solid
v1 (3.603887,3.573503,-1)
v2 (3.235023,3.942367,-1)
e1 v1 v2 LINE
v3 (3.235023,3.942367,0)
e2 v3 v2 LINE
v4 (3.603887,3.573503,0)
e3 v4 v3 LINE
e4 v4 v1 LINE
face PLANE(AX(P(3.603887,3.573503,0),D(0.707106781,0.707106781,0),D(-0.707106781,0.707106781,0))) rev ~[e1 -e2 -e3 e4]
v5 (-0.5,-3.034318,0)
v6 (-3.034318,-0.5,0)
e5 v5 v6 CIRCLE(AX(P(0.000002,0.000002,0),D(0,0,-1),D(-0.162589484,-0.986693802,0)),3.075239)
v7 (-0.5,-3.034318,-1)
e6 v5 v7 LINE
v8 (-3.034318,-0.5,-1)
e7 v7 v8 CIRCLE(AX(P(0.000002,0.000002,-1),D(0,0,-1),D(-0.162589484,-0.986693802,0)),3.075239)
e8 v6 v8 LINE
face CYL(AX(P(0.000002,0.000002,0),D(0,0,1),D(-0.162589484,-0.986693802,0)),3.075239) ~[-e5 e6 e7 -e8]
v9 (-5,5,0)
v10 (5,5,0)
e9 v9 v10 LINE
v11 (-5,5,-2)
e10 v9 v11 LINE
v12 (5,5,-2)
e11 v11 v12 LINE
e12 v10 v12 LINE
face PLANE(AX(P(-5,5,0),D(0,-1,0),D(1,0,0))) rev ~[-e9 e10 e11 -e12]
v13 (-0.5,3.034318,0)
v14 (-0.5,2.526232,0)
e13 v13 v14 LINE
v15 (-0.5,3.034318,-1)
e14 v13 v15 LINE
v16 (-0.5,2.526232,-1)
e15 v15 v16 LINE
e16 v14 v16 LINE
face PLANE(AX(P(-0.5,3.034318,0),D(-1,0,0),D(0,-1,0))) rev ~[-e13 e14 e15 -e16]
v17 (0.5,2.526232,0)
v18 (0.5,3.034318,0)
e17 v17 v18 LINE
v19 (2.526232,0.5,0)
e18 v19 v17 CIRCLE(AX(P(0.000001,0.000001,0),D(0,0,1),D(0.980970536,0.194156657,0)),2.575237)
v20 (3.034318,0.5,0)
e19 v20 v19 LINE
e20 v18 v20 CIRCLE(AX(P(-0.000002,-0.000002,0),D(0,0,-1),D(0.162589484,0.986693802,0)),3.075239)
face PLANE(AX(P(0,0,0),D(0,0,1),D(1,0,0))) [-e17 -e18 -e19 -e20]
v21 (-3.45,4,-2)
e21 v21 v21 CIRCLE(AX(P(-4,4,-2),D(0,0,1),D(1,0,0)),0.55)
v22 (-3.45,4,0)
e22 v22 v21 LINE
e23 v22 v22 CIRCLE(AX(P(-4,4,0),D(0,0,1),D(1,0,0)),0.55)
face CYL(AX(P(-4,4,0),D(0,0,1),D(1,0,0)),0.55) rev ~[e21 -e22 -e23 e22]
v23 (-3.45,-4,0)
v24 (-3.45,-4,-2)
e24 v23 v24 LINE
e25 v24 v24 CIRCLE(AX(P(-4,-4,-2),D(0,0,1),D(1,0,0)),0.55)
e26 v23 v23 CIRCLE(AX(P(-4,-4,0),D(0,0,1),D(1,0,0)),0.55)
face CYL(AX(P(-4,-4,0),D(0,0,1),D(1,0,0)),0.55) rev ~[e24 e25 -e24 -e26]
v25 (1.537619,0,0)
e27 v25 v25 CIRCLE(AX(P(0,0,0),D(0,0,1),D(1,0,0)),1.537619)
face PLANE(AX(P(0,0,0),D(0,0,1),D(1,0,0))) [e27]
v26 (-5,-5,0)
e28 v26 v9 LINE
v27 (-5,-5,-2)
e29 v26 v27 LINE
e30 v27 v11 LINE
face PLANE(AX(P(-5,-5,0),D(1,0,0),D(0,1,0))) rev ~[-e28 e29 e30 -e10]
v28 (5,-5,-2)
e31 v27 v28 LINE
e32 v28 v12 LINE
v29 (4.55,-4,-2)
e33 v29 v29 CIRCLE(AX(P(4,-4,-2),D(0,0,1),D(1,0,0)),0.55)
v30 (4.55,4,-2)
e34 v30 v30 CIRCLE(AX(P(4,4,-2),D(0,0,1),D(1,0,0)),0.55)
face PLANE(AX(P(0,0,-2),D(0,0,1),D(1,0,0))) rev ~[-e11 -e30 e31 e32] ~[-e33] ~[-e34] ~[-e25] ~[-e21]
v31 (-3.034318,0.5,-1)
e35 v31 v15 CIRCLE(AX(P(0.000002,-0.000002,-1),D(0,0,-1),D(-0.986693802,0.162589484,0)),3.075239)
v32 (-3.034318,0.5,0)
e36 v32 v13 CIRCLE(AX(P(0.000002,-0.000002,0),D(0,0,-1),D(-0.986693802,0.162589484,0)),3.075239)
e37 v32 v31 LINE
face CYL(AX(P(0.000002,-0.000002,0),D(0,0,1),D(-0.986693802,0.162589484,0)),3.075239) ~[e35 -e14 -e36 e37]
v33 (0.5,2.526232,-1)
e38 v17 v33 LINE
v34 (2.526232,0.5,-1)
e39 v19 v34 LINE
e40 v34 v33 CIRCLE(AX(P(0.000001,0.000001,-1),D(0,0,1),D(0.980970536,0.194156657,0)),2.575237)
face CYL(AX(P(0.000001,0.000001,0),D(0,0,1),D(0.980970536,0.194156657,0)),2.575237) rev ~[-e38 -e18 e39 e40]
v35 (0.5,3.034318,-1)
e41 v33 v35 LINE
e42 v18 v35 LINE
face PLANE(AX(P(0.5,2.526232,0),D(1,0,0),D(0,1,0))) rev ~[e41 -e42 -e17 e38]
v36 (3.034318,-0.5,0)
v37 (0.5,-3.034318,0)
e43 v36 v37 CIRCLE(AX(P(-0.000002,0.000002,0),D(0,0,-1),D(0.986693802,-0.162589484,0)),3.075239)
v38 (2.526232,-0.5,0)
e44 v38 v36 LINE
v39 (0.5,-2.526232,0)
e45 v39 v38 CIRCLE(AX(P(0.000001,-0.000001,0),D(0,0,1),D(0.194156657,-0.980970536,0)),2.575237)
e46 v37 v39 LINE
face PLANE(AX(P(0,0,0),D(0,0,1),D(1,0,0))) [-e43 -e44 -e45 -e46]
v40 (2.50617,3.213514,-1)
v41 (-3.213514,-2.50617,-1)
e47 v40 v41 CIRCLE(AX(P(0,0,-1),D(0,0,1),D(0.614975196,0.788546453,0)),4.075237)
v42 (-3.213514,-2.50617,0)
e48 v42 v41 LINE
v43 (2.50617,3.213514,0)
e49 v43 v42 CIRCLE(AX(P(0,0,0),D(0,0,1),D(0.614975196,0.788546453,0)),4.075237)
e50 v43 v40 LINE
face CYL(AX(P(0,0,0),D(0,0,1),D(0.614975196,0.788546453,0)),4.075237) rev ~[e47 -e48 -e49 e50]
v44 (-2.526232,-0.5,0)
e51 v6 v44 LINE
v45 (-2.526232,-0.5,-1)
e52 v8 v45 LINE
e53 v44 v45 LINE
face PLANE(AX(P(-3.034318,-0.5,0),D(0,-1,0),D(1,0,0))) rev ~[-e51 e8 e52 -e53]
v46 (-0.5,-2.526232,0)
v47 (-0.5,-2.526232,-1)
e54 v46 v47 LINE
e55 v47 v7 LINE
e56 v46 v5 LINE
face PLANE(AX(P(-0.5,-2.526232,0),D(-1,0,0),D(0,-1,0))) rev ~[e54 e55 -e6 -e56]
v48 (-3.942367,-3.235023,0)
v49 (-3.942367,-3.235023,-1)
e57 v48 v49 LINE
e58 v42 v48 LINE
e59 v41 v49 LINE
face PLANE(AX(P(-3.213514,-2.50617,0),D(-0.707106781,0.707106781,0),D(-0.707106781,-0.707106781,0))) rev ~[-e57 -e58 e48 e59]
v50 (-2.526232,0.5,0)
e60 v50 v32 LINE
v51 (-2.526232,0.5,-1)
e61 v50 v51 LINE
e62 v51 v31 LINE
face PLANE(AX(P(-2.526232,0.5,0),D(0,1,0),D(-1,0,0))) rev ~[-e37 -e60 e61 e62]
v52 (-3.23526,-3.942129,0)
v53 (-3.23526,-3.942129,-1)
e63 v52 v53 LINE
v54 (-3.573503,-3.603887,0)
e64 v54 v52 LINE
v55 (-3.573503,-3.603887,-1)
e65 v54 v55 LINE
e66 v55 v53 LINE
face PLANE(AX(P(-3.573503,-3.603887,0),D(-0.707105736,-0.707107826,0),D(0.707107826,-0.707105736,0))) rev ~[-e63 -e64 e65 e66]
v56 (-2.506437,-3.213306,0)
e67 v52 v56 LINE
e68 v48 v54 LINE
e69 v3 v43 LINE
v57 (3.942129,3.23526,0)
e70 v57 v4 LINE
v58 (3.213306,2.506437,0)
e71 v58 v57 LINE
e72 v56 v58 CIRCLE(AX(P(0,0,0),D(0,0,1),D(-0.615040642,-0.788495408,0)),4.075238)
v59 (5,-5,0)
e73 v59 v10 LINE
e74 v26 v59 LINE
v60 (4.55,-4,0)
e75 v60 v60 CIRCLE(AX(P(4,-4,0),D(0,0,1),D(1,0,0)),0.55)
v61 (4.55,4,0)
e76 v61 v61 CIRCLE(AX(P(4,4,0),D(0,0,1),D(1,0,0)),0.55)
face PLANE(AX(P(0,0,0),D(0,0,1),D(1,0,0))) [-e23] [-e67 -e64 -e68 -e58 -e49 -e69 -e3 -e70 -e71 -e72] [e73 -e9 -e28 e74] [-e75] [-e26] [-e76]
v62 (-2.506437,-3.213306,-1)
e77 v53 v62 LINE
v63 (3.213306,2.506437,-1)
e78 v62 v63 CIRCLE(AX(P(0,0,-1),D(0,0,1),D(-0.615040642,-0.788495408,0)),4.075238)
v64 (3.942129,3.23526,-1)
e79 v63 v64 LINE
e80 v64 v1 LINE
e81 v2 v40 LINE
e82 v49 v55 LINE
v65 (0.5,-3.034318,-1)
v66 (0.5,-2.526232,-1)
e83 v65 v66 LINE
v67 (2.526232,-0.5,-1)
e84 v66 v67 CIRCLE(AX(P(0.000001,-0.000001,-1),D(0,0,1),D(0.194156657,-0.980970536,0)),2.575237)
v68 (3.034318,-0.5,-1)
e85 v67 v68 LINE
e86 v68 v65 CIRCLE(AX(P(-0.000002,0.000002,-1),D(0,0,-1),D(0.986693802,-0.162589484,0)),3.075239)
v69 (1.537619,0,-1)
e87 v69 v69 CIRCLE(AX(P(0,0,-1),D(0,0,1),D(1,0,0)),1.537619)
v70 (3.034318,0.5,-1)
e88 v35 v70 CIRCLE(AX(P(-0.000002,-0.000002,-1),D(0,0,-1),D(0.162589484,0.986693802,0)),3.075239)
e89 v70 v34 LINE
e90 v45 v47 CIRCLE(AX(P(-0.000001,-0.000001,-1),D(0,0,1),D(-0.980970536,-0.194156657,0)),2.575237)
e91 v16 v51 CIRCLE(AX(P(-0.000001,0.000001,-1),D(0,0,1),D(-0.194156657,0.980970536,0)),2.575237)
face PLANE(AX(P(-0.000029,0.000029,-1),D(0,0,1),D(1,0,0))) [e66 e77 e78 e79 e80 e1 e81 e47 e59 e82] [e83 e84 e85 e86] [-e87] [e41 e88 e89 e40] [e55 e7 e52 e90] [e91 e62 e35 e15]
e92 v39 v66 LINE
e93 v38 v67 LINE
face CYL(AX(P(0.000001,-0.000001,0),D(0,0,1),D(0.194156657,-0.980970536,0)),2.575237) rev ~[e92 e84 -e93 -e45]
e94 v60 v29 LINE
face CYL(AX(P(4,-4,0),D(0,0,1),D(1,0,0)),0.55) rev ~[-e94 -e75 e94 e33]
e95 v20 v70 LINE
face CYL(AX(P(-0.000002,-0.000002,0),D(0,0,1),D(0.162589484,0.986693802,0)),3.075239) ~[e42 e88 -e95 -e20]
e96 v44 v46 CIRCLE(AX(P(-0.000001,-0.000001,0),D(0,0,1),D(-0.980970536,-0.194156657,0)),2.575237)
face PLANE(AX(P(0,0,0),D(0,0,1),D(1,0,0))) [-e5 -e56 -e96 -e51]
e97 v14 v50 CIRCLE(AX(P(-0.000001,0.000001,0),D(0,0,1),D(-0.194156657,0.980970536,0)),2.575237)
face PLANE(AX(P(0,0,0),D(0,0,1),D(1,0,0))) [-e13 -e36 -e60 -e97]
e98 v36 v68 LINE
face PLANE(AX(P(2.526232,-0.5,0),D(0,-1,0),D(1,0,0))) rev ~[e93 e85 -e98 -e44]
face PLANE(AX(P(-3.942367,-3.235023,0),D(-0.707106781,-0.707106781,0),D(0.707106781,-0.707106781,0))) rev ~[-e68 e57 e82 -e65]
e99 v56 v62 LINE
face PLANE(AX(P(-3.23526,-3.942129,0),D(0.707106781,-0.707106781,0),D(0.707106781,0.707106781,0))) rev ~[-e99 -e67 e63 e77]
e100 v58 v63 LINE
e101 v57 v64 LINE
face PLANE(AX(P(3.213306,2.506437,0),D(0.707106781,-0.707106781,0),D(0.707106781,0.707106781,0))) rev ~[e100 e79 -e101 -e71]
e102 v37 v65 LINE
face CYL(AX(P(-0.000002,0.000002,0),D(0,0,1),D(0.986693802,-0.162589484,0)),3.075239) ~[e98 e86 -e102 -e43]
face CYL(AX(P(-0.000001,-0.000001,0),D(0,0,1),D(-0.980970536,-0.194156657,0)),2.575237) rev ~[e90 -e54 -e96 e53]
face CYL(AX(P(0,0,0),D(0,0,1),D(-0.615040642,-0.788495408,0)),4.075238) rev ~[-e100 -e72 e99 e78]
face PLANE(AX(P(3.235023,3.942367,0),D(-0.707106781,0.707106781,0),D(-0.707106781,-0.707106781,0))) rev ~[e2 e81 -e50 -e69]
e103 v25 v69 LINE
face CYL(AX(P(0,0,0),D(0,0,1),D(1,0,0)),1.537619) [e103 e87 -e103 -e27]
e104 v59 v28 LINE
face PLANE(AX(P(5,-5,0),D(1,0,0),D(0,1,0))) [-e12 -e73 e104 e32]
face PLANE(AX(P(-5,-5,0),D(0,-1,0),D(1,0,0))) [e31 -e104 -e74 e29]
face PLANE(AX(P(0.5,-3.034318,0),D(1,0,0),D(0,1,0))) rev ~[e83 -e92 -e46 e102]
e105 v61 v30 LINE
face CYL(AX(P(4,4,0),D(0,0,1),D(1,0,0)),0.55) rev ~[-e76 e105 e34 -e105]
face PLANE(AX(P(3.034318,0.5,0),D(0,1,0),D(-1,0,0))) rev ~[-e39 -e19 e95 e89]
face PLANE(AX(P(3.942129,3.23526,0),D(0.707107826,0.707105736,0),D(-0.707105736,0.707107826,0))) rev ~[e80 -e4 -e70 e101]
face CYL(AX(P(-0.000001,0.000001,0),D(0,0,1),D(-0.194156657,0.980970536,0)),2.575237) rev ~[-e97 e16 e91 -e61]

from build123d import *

# Parameters (mm, degrees)
F0_W     = 10
F0_H     = 10
F0_R     = 0.55
F0_R_2   = 1.537619
F1_DEPTH = 2
F2_DEPTH = 1


with BuildPart() as f1:
    # F0 (on Top) → F1 (new body)
    with BuildSketch(Plane.XY):
        Rectangle(F0_W, F0_H)
        with Locations((-4, -4)):
            Circle(F0_R, mode=Mode.SUBTRACT)
        with Locations((4, -4)):
            Circle(F0_R, mode=Mode.SUBTRACT)
        with Locations((-4, 4)):
            Circle(F0_R, mode=Mode.SUBTRACT)
        with BuildLine():
            ThreePointArc((-3.213514, -2.50617), (-2.881628, 2.881628), (2.50617, 3.213514))
            Line((2.50617, 3.213514), (3.235023, 3.942367))
            Line((3.235023, 3.942367), (3.603887, 3.573503))
            Line((3.603887, 3.573503), (3.942129, 3.23526))
            Line((3.942129, 3.23526), (3.213306, 2.506437))
            ThreePointArc((3.213306, 2.506437), (2.881628, -2.881628), (-2.506437, -3.213306))
            Line((-2.506437, -3.213306), (-3.23526, -3.942129))
            Line((-3.23526, -3.942129), (-3.573503, -3.603887))
            Line((-3.573503, -3.603887), (-3.942367, -3.235023))
            Line((-3.942367, -3.235023), (-3.213514, -2.50617))
        make_face(mode=Mode.SUBTRACT)
        with Locations((4, 4)):
            Circle(F0_R, mode=Mode.SUBTRACT)
        with BuildLine():
            Line((3.235023, 3.942367), (2.50617, 3.213514))
            ThreePointArc((2.50617, 3.213514), (-2.881628, 2.881628), (-3.213514, -2.50617))
            Line((-3.213514, -2.50617), (-3.942367, -3.235023))
            Line((-3.942367, -3.235023), (-3.573503, -3.603887))
            Line((-3.573503, -3.603887), (-3.23526, -3.942129))
            Line((-3.23526, -3.942129), (-2.506437, -3.213306))
            ThreePointArc((-2.506437, -3.213306), (2.881628, -2.881628), (3.213306, 2.506437))
            Line((3.213306, 2.506437), (3.942129, 3.23526))
            Line((3.942129, 3.23526), (3.603887, 3.573503))
            Line((3.603887, 3.573503), (3.235023, 3.942367))
        make_face()
        with BuildLine():
            Line((-3.034318, -0.5), (-2.526232, -0.5))
            ThreePointArc((-2.526232, -0.5), (-1.820968, -1.820968), (-0.5, -2.526232))
            Line((-0.5, -2.526232), (-0.5, -3.034318))
            ThreePointArc((-0.5, -3.034318), (-2.174521, -2.174521), (-3.034318, -0.5))
        make_face(mode=Mode.SUBTRACT)
        with BuildLine():
            ThreePointArc((0.5, -2.526232), (1.820968, -1.820968), (2.526232, -0.5))
            Line((2.526232, -0.5), (3.034318, -0.5))
            ThreePointArc((3.034318, -0.5), (2.174521, -2.174521), (0.5, -3.034318))
            Line((0.5, -3.034318), (0.5, -2.526232))
        make_face(mode=Mode.SUBTRACT)
        with BuildLine():
            ThreePointArc((-0.5, 2.526232), (-1.820968, 1.820968), (-2.526232, 0.5))
            Line((-2.526232, 0.5), (-3.034318, 0.5))
            ThreePointArc((-3.034318, 0.5), (-2.174521, 2.174521), (-0.5, 3.034318))
            Line((-0.5, 3.034318), (-0.5, 2.526232))
        make_face(mode=Mode.SUBTRACT)
        Circle(F0_R_2, mode=Mode.SUBTRACT)
        with BuildLine():
            Line((3.034318, 0.5), (2.526232, 0.5))
            ThreePointArc((2.526232, 0.5), (1.820968, 1.820968), (0.5, 2.526232))
            Line((0.5, 2.526232), (0.5, 3.034318))
            ThreePointArc((0.5, 3.034318), (2.174521, 2.174521), (3.034318, 0.5))
        make_face(mode=Mode.SUBTRACT)
        with BuildLine():
            ThreePointArc((-0.5, -2.526232), (-1.820968, -1.820968), (-2.526232, -0.5))
            Line((-2.526232, -0.5), (-3.034318, -0.5))
            ThreePointArc((-3.034318, -0.5), (-2.174521, -2.174521), (-0.5, -3.034318))
            Line((-0.5, -3.034318), (-0.5, -2.526232))
        make_face()
        with BuildLine():
            Line((-3.034318, 0.5), (-2.526232, 0.5))
            ThreePointArc((-2.526232, 0.5), (-1.820968, 1.820968), (-0.5, 2.526232))
            Line((-0.5, 2.526232), (-0.5, 3.034318))
            ThreePointArc((-0.5, 3.034318), (-2.174521, 2.174521), (-3.034318, 0.5))
        make_face()
        with BuildLine():
            ThreePointArc((0.5, 2.526232), (1.820968, 1.820968), (2.526232, 0.5))
            Line((2.526232, 0.5), (3.034318, 0.5))
            ThreePointArc((3.034318, 0.5), (2.174521, 2.174521), (0.5, 3.034318))
            Line((0.5, 3.034318), (0.5, 2.526232))
        make_face()
        with BuildLine():
            Line((3.034318, -0.5), (2.526232, -0.5))
            ThreePointArc((2.526232, -0.5), (1.820968, -1.820968), (0.5, -2.526232))
            Line((0.5, -2.526232), (0.5, -3.034318))
            ThreePointArc((0.5, -3.034318), (2.174521, -2.174521), (3.034318, -0.5))
        make_face()
        Circle(F0_R_2)
    extrude(amount=-F1_DEPTH)

    # F0 (on Top) → F2 (cut)
    with BuildSketch(Plane.XY):
        with BuildLine():
            Line((3.235023, 3.942367), (2.50617, 3.213514))
            ThreePointArc((2.50617, 3.213514), (-2.881628, 2.881628), (-3.213514, -2.50617))
            Line((-3.213514, -2.50617), (-3.942367, -3.235023))
            Line((-3.942367, -3.235023), (-3.573503, -3.603887))
            Line((-3.573503, -3.603887), (-3.23526, -3.942129))
            Line((-3.23526, -3.942129), (-2.506437, -3.213306))
            ThreePointArc((-2.506437, -3.213306), (2.881628, -2.881628), (3.213306, 2.506437))
            Line((3.213306, 2.506437), (3.942129, 3.23526))
            Line((3.942129, 3.23526), (3.603887, 3.573503))
            Line((3.603887, 3.573503), (3.235023, 3.942367))
        make_face()
        with BuildLine():
            Line((-3.034318, -0.5), (-2.526232, -0.5))
            ThreePointArc((-2.526232, -0.5), (-1.820968, -1.820968), (-0.5, -2.526232))
            Line((-0.5, -2.526232), (-0.5, -3.034318))
            ThreePointArc((-0.5, -3.034318), (-2.174521, -2.174521), (-3.034318, -0.5))
        make_face(mode=Mode.SUBTRACT)
        with BuildLine():
            ThreePointArc((0.5, -2.526232), (1.820968, -1.820968), (2.526232, -0.5))
            Line((2.526232, -0.5), (3.034318, -0.5))
            ThreePointArc((3.034318, -0.5), (2.174521, -2.174521), (0.5, -3.034318))
            Line((0.5, -3.034318), (0.5, -2.526232))
        make_face(mode=Mode.SUBTRACT)
        with BuildLine():
            ThreePointArc((-0.5, 2.526232), (-1.820968, 1.820968), (-2.526232, 0.5))
            Line((-2.526232, 0.5), (-3.034318, 0.5))
            ThreePointArc((-3.034318, 0.5), (-2.174521, 2.174521), (-0.5, 3.034318))
            Line((-0.5, 3.034318), (-0.5, 2.526232))
        make_face(mode=Mode.SUBTRACT)
        Circle(F0_R_2, mode=Mode.SUBTRACT)
        with BuildLine():
            Line((3.034318, 0.5), (2.526232, 0.5))
            ThreePointArc((2.526232, 0.5), (1.820968, 1.820968), (0.5, 2.526232))
            Line((0.5, 2.526232), (0.5, 3.034318))
            ThreePointArc((0.5, 3.034318), (2.174521, 2.174521), (3.034318, 0.5))
        make_face(mode=Mode.SUBTRACT)
    extrude(amount=-F2_DEPTH, mode=Mode.SUBTRACT)


solid = f1.part
